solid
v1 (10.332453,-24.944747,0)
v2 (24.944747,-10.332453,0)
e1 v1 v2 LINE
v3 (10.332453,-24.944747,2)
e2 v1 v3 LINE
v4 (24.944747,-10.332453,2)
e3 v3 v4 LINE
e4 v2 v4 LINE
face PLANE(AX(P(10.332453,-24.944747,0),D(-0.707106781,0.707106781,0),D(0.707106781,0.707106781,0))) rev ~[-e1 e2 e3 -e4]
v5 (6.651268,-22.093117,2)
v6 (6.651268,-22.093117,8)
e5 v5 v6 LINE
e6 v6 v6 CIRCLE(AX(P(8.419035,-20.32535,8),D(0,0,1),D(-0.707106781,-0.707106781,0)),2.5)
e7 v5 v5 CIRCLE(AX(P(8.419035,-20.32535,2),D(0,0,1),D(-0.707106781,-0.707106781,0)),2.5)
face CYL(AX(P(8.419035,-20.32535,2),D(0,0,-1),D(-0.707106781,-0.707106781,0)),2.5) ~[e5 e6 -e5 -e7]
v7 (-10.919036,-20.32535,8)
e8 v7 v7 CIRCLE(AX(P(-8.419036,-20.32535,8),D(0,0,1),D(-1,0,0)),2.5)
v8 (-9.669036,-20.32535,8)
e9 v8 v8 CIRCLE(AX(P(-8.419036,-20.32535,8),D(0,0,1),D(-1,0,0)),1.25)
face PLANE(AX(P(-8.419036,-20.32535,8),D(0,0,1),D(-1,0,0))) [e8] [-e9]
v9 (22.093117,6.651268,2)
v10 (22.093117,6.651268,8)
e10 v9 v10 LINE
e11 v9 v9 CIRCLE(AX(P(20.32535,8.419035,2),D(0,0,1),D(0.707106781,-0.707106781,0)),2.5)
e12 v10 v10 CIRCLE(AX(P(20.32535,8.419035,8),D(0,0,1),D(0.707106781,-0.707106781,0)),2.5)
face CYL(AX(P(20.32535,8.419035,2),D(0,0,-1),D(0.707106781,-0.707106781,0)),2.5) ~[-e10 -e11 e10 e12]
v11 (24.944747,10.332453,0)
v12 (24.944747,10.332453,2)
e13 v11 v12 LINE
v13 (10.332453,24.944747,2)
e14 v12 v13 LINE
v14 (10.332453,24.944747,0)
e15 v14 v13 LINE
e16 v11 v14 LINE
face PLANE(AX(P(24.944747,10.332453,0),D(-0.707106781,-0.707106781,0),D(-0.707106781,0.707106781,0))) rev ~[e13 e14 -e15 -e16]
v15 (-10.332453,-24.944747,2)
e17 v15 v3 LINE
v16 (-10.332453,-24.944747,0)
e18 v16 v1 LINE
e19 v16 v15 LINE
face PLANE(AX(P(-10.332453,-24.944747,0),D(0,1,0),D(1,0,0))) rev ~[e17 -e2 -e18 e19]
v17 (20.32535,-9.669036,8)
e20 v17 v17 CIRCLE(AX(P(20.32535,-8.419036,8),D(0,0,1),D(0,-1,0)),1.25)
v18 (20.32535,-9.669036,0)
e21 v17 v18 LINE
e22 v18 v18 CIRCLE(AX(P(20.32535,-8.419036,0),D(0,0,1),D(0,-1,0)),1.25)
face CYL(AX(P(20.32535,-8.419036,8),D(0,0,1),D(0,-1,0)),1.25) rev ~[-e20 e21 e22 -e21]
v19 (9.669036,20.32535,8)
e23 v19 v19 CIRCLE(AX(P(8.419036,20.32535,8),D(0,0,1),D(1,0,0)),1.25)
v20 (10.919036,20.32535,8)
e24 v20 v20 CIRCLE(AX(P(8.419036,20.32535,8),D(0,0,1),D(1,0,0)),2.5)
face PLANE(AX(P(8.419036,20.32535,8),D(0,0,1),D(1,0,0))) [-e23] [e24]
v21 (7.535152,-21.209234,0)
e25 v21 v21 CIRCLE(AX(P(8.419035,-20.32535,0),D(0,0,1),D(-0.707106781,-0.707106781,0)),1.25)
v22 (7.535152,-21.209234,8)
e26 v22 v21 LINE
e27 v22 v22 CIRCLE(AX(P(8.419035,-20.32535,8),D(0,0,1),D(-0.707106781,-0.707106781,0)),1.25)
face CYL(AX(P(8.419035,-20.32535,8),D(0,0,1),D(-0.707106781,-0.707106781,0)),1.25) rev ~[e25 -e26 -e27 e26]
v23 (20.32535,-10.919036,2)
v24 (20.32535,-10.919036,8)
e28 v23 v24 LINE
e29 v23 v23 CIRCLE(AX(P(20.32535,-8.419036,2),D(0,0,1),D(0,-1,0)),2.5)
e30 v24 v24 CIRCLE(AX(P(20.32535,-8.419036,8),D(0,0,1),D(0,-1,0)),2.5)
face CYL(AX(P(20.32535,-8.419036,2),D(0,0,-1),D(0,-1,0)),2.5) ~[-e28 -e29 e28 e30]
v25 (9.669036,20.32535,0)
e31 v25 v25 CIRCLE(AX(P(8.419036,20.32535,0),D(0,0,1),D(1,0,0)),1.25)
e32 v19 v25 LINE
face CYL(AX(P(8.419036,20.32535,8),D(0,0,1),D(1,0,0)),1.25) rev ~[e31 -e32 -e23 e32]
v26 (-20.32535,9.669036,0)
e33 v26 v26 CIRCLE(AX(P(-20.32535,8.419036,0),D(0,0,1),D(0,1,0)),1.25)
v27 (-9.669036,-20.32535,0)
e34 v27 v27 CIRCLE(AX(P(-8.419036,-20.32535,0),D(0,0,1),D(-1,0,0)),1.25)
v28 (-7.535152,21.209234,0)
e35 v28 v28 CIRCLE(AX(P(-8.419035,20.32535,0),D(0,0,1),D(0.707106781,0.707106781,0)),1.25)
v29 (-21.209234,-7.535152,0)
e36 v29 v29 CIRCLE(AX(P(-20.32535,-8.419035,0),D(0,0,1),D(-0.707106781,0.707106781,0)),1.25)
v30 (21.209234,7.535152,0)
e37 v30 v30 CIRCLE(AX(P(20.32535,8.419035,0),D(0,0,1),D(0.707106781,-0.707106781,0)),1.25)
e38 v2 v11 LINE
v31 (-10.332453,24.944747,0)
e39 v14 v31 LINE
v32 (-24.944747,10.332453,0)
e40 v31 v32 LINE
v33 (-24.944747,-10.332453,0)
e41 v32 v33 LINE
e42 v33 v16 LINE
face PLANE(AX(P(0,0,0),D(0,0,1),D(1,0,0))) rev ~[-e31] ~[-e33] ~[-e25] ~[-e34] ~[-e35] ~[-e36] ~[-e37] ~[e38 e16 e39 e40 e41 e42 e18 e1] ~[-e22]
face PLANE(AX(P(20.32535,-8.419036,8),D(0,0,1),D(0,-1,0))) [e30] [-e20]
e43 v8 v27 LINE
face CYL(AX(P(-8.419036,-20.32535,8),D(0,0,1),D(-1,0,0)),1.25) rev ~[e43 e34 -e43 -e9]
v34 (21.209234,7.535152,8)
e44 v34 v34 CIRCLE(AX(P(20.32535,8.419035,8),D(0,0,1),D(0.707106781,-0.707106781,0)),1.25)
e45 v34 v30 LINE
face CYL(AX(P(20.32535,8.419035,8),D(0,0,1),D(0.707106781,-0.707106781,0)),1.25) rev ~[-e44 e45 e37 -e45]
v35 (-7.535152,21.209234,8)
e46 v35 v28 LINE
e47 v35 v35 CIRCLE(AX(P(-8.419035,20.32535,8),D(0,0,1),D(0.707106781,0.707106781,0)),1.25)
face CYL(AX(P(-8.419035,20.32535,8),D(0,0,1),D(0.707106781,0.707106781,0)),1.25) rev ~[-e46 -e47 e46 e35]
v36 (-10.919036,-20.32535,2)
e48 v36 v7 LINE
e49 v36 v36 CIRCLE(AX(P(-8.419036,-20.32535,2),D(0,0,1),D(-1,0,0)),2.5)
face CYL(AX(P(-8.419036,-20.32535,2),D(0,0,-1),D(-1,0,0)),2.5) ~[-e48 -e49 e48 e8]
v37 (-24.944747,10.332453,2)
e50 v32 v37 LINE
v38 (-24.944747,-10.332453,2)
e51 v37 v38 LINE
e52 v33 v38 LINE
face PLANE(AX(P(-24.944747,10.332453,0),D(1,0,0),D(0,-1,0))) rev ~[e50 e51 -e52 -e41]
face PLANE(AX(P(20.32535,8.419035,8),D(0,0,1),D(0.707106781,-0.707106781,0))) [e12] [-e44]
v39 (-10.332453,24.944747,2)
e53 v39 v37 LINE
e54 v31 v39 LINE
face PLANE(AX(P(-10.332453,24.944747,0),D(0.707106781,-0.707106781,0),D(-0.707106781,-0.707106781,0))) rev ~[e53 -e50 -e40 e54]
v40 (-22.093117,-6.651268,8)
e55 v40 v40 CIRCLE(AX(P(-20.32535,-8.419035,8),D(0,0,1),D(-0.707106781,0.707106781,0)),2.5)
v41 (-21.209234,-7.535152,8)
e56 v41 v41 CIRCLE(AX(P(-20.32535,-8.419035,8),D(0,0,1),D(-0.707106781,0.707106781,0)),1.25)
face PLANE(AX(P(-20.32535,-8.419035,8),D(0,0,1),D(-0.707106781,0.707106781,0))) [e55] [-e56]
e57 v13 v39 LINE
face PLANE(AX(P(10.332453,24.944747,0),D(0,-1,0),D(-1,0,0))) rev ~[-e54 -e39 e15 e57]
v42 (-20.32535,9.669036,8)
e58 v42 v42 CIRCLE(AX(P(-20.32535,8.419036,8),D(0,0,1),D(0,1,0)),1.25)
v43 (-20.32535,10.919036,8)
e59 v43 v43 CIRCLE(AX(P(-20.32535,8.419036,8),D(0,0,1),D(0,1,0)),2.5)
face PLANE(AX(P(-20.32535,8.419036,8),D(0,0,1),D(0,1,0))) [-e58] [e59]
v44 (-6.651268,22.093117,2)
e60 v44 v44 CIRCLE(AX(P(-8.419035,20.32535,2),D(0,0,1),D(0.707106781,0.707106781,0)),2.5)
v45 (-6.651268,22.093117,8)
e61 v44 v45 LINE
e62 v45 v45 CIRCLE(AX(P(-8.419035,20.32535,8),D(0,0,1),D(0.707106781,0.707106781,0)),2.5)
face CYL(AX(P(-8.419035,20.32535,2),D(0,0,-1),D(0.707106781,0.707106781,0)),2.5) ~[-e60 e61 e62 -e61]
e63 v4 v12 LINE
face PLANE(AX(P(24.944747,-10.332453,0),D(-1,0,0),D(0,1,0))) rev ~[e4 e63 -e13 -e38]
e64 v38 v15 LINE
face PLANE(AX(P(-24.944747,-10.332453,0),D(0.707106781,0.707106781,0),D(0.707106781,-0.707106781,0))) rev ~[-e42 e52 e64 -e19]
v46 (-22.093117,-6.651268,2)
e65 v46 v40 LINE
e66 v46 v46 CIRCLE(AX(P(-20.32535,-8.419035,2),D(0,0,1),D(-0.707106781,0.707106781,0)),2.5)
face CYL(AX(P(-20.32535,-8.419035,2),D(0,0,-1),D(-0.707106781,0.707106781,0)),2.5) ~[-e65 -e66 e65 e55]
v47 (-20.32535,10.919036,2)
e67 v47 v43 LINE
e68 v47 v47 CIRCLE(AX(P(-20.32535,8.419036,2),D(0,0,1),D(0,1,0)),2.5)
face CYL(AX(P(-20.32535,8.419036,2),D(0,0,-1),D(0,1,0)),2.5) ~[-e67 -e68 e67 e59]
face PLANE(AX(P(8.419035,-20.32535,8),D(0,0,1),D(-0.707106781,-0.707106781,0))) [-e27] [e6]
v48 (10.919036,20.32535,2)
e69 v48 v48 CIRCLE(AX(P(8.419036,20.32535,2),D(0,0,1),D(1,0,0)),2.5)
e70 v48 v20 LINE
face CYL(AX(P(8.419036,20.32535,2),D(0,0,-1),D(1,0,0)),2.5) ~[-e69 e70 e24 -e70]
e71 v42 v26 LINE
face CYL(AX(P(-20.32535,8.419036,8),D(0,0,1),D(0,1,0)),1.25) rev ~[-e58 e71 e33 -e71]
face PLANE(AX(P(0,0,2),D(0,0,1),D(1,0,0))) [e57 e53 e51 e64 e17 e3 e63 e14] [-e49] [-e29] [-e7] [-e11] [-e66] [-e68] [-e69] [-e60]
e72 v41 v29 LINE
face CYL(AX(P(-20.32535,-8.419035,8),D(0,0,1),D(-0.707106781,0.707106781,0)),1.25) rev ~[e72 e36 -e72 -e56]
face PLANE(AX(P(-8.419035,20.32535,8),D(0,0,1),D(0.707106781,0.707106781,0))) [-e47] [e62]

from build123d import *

# Parameters (mm, degrees)
PAD_DEPTH             = 2
SKETCH001_R           = 2.5
PAD001_DEPTH          = 6
SKETCH002_R           = 1.25
POCKET_DEPTH          = 8
POLARPATTERN_COUNT    = 8
POLARPATTERN001_COUNT = 8


with BuildPart() as part:
    # Sketch → Pad (new body)
    with BuildSketch(Plane.XY):
        Polygon((24.944747, -10.332453), (24.944747, 10.332453), (10.332453, 24.944747), (-10.332453, 24.944747), (-24.944747, 10.332453), (-24.944747, -10.332453), (-10.332453, -24.944747), (10.332453, -24.944747), align=None)
    extrude(amount=PAD_DEPTH)

    # Sketch001 (on Face10 of Pad) → Pad001 (join)
    with BuildSketch(Plane.XY.offset(2)):
        with Locations((8.419036, 20.32535)):
            Circle(SKETCH001_R)
    pad001 = extrude(amount=PAD001_DEPTH)

    # Sketch002 (on Face12 of Pad001) → Pocket (cut)
    with BuildSketch(Plane.XY.offset(8)):
        with Locations((8.419036, 20.32535)):
            Circle(SKETCH002_R)
    pocket = extrude(amount=-POCKET_DEPTH, mode=Mode.SUBTRACT)

    # PolarPattern: Pad001 ×8 about axis
    polarpattern_axis = Axis((0, 0, 2), (0, 0, 1))
    for i in range(1, POLARPATTERN_COUNT):
        add(pad001.rotate(polarpattern_axis, i * 360 / POLARPATTERN_COUNT))

    # PolarPattern001: Pocket ×8 about axis
    polarpattern001_axis = Axis((0, 0, 8), (0, 0, 1))
    for i in range(1, POLARPATTERN001_COUNT):
        add(pocket.rotate(polarpattern001_axis, i * 360 / POLARPATTERN001_COUNT), mode=Mode.SUBTRACT)


solid = part.part
